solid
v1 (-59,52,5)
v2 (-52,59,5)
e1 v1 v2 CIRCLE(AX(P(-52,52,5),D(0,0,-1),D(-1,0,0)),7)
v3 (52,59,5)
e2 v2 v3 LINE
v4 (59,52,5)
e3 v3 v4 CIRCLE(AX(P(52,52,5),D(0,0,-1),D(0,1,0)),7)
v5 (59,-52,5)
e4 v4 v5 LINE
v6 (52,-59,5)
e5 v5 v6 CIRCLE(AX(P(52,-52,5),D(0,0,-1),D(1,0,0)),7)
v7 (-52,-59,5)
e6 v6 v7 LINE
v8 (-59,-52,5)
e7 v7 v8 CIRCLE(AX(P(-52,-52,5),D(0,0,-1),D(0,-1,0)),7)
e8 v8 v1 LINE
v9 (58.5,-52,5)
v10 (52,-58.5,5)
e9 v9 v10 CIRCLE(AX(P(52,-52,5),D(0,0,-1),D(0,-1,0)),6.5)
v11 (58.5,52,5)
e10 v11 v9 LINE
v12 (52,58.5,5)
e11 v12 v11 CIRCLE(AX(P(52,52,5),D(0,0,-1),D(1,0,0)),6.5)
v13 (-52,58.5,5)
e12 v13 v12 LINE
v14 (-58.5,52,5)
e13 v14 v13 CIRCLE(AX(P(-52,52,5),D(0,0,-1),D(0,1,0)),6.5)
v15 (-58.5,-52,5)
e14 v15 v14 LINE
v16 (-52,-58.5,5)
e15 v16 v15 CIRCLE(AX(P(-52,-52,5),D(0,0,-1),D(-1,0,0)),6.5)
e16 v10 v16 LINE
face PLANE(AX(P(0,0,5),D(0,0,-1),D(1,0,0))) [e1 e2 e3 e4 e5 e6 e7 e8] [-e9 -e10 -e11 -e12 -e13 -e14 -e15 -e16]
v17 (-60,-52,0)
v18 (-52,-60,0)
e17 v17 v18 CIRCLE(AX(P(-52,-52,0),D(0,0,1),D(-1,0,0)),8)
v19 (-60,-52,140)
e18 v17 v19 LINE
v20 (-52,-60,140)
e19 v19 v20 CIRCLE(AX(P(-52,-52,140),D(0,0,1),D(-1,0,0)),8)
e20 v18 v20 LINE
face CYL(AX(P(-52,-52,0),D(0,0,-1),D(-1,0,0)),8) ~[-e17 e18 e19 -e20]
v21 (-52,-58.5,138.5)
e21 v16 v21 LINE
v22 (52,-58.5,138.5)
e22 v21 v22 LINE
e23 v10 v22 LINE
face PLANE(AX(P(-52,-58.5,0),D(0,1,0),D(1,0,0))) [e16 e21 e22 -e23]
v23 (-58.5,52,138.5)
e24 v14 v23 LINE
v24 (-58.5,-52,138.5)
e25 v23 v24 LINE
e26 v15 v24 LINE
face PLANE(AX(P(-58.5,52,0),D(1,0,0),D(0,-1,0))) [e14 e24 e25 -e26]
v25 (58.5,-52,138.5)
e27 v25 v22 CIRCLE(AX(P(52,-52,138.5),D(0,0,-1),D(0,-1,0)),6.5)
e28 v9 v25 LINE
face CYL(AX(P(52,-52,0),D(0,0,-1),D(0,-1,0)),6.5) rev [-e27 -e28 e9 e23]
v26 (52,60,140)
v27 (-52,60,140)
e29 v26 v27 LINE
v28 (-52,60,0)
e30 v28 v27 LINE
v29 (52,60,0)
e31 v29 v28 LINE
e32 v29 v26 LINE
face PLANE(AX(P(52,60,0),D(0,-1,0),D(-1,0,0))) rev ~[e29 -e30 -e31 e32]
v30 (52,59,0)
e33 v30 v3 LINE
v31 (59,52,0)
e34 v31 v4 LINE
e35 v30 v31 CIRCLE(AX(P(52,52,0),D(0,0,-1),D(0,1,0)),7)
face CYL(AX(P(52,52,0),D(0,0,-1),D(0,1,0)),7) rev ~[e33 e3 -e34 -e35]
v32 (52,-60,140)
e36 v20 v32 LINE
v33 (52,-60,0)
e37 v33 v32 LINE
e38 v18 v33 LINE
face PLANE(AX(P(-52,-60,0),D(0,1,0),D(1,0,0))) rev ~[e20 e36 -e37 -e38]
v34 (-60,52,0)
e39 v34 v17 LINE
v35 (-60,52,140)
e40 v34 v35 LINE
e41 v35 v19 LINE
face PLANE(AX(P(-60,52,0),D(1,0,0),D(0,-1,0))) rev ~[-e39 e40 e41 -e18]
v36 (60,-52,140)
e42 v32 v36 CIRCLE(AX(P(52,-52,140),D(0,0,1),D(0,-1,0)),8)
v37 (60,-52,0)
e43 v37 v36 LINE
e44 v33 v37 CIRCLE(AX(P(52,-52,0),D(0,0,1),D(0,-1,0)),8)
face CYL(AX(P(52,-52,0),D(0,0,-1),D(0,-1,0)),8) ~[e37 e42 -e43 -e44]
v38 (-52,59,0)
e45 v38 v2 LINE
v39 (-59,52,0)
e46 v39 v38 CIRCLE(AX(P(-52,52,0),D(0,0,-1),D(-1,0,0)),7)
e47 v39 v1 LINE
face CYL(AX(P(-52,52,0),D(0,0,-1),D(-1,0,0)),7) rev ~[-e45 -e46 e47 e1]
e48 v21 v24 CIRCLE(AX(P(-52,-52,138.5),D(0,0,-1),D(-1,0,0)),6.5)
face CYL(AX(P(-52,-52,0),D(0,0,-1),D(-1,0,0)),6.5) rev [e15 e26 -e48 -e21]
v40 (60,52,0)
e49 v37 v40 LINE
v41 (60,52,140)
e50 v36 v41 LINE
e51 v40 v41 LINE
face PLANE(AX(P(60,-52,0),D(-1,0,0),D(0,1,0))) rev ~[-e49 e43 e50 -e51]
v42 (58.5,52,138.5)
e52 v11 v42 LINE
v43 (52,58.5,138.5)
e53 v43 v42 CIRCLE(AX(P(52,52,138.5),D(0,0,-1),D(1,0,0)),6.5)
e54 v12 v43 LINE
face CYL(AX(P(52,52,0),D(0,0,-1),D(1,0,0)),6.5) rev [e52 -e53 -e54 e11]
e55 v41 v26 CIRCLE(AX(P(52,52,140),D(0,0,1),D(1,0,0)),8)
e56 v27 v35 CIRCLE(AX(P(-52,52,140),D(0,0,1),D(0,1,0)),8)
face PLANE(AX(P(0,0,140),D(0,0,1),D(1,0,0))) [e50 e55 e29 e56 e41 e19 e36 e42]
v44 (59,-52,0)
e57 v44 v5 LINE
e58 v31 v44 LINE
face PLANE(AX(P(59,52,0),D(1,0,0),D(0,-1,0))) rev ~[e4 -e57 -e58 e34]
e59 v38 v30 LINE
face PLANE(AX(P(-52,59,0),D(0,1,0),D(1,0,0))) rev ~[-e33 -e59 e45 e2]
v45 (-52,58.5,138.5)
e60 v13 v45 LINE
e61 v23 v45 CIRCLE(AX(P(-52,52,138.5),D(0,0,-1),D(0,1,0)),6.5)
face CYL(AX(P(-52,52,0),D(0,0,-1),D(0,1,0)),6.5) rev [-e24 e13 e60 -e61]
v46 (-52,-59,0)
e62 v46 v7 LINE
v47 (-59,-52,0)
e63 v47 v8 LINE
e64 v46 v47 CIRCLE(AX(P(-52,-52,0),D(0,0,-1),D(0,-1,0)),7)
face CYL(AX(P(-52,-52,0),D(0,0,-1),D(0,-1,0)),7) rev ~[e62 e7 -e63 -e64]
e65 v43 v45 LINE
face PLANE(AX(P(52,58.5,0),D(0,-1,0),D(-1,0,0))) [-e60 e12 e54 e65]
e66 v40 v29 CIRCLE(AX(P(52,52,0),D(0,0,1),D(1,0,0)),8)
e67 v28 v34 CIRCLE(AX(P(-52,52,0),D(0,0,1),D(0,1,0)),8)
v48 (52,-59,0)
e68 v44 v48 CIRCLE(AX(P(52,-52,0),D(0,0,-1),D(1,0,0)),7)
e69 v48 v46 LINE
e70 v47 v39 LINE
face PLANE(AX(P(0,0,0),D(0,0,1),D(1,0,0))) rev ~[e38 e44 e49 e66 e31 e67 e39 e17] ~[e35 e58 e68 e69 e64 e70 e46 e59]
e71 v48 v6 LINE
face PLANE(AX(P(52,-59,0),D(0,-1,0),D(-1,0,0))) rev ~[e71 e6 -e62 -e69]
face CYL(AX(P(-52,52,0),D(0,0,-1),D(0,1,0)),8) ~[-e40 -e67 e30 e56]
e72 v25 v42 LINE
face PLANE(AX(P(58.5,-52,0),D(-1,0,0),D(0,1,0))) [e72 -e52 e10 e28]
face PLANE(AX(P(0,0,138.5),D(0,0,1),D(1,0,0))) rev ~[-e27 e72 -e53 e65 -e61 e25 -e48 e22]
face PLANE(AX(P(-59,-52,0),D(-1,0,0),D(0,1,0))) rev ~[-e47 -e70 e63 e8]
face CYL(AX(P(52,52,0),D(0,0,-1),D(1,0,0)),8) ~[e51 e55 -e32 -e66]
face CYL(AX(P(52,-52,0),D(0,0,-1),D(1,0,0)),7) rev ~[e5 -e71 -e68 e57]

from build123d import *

# Parameters (mm, degrees)
PAD016_DEPTH    = 140
THICKNESS003_T  = -1.5
POCKET018_DEPTH = 5


with BuildPart() as part:
    # Sketch035 → Pad016 (new body)
    with BuildSketch(Plane.XY):
        with BuildLine():
            Line((-60, 52), (-60, -52))
            ThreePointArc((-60, -52), (-57.6568542495, -57.6568542495), (-52, -60))
            Line((-52, -60), (52, -60))
            ThreePointArc((52, -60), (57.6568542495, -57.6568542495), (60, -52))
            Line((60, -52), (60, 52))
            ThreePointArc((60, 52), (57.6568542495, 57.6568542495), (52, 60))
            Line((52, 60), (-52, 60))
            ThreePointArc((-52, 60), (-57.6568542495, 57.6568542495), (-60, 52))
        make_face()
    extrude(amount=PAD016_DEPTH)

    # Thickness003
    thickness003_openings = [part.faces().sort_by_distance(p)[0] for p in [
        (0, 0, 0),
    ]]
    offset(amount=THICKNESS003_T, openings=thickness003_openings)

    # Sketch046 (on Face10 of Thickness003) → Pocket018 (cut)
    with BuildSketch(Plane(origin=(0, 0, 0), x_dir=(1, 0, 0), z_dir=(0, 0, -1))):
        with BuildLine():
            Line((-52, -59), (52, -59))
            ThreePointArc((52, -59), (56.9497474683, -56.9497474683), (59, -52))
            Line((59, -52), (59, 52))
            ThreePointArc((59, 52), (56.9497474683, 56.9497474683), (52, 59))
            Line((52, 59), (-52, 59))
            ThreePointArc((-52, 59), (-56.9497474683, 56.9497474683), (-59, 52))
            Line((-59, 52), (-59, -52))
            ThreePointArc((-59, -52), (-56.9497474683, -56.9497474683), (-52, -59))
        make_face()
    extrude(amount=-POCKET018_DEPTH, mode=Mode.SUBTRACT)


solid = part.part
